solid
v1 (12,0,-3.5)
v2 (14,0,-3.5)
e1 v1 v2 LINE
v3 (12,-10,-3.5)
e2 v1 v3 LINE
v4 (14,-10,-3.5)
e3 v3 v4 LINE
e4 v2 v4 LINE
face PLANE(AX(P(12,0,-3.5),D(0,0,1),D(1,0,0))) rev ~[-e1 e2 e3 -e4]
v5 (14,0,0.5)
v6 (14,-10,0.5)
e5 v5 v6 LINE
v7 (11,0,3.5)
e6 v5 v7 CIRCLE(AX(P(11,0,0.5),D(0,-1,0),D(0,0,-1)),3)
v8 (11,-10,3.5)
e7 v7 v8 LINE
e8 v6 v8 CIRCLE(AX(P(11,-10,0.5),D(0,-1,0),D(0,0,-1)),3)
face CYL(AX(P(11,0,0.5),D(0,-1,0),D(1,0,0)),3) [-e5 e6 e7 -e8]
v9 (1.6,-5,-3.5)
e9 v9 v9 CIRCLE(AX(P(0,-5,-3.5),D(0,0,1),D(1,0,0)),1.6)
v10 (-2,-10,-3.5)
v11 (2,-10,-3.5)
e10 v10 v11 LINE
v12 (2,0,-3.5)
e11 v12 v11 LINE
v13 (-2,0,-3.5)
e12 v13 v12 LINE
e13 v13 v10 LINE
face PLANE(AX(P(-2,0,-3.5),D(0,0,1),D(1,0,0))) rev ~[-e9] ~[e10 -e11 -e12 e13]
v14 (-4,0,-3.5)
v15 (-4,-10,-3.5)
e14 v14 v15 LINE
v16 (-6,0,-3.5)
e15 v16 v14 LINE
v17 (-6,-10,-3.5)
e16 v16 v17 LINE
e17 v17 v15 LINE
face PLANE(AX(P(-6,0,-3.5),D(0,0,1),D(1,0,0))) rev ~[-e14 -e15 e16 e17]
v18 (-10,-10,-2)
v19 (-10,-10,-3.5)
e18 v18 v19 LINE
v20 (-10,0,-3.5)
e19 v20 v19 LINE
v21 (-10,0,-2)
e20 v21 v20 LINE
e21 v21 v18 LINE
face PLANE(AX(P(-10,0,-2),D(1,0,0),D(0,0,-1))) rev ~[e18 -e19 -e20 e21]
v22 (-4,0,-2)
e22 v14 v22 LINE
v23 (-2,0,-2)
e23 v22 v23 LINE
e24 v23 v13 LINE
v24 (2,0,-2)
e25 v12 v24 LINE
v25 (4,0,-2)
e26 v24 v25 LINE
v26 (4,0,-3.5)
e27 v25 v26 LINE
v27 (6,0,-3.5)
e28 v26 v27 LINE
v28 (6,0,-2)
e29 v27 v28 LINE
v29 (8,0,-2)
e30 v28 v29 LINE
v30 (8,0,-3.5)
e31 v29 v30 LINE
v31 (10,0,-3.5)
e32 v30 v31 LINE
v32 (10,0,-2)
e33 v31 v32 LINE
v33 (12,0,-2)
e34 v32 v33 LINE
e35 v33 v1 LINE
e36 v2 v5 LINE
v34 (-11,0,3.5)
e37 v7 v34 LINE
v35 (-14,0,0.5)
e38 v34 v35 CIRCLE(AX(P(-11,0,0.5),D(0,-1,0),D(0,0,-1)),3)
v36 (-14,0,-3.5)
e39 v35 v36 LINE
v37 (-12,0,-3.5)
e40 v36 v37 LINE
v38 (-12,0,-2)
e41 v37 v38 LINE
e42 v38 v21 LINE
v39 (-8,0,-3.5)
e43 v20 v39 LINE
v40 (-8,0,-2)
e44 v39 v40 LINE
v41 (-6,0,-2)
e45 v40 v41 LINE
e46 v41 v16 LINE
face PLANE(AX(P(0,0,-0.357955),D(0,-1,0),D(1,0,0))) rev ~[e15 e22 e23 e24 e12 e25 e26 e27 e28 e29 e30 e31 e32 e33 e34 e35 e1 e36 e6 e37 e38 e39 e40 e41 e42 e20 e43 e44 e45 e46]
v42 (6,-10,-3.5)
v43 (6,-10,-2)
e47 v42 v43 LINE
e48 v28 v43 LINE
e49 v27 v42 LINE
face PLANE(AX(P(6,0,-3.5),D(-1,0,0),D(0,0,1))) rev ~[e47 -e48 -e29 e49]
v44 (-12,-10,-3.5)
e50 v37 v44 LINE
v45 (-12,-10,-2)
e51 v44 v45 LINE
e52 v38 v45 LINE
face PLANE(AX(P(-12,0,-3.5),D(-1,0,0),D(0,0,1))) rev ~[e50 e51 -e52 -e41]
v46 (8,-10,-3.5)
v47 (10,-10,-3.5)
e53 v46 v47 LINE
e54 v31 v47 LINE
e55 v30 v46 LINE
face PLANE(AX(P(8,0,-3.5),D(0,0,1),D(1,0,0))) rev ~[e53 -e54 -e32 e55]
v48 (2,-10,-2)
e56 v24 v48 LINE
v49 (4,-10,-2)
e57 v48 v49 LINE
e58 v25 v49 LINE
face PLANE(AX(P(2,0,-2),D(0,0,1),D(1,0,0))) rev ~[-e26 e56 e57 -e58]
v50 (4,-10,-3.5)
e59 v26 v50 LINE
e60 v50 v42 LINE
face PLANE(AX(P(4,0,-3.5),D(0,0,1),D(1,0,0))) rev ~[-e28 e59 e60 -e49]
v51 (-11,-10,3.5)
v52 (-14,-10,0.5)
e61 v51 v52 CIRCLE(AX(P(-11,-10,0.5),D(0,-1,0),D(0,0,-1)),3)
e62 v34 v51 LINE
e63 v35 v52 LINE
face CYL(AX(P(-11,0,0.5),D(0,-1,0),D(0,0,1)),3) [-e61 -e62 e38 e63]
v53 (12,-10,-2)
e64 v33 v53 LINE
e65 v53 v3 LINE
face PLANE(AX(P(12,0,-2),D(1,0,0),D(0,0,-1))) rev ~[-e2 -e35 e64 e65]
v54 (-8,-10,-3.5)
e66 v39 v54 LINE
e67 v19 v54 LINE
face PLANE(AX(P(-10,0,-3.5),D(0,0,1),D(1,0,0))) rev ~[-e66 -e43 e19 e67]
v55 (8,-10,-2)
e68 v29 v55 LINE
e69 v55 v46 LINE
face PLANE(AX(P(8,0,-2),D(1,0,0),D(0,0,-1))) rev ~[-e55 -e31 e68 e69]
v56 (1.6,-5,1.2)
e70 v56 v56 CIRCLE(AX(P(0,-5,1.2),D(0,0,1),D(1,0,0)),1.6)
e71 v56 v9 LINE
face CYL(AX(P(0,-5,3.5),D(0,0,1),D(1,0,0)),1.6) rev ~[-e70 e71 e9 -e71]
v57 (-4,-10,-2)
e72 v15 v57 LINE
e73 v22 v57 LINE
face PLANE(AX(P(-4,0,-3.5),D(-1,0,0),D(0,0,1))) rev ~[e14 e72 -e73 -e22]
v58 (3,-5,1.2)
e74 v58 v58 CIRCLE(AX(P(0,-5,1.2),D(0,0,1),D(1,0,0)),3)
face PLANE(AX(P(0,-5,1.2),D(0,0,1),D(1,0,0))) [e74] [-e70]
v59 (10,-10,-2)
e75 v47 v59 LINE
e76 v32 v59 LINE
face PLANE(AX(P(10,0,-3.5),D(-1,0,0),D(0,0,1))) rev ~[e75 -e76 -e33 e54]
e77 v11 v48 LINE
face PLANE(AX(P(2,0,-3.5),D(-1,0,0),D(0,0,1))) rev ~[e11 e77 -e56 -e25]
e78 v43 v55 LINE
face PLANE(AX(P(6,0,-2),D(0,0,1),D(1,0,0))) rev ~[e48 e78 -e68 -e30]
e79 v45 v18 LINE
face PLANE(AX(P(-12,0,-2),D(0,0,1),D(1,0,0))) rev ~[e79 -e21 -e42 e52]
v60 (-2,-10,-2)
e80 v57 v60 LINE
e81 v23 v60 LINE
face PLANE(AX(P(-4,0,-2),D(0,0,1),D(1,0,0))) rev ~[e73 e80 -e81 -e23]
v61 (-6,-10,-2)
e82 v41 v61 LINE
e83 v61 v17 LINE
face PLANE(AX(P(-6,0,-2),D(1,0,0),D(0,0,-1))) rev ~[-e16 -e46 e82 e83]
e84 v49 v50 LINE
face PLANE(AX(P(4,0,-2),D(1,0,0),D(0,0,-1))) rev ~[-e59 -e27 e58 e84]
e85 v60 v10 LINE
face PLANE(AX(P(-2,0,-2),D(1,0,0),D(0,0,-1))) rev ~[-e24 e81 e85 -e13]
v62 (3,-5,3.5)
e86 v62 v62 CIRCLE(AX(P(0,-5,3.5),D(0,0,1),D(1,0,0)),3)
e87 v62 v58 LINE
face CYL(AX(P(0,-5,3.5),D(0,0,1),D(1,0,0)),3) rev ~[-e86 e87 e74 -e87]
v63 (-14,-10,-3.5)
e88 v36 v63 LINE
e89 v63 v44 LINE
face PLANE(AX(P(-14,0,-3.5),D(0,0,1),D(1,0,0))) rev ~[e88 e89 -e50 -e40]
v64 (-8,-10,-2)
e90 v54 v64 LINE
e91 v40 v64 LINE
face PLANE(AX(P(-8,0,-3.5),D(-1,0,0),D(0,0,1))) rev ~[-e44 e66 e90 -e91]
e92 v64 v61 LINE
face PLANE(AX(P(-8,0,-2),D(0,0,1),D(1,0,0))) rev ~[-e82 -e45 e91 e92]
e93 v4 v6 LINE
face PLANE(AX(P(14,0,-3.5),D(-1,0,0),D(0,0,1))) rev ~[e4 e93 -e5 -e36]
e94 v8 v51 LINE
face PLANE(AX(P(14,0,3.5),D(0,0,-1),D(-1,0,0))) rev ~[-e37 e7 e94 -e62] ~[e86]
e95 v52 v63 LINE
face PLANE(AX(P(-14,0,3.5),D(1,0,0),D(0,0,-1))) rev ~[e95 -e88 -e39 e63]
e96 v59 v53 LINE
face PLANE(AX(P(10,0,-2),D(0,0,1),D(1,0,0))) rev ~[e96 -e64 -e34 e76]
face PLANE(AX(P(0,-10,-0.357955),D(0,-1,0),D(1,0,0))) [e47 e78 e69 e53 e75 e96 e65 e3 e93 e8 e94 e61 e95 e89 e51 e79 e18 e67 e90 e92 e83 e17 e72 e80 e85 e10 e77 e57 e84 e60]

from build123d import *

# Parameters (mm, degrees)
F1_DEPTH = 10
F2_R     = 1.6
F3_DEPTH = 25
F2_R_2   = 3
F4_DEPTH = 2.3
F5_R     = 3


with BuildPart() as f1:
    # F0 (on Front) → F1 (new body)
    with BuildSketch(Plane.XZ):
        Polygon((12, -3.5), (14, -3.5), (14, 3.5), (-14, 3.5), (-14, -3.5), (-12, -3.5), (-12, -2), (-10, -2), (-10, -3.5), (-8, -3.5), (-8, -2), (-6, -2), (-6, -3.5), (-4, -3.5), (-4, -2), (-2, -2), (-2, -3.5), (2, -3.5), (2, -2), (4, -2), (4, -3.5), (6, -3.5), (6, -2), (8, -2), (8, -3.5), (10, -3.5), (10, -2), (12, -2), align=None)
    extrude(amount=F1_DEPTH)

    # F2 (on face) → F3 (cut)
    with BuildSketch(Plane.XY.offset(3.5)):
        with Locations((0, -5)):
            Circle(F2_R)
    extrude(amount=-F3_DEPTH, mode=Mode.SUBTRACT)

    # F2 (on face) → F4 (cut)
    with BuildSketch(Plane.XY.offset(3.5)):
        with Locations((0, -5)):
            Circle(F2_R_2)
        with Locations((0, -5)):
            Circle(F2_R, mode=Mode.SUBTRACT)
    extrude(amount=-F4_DEPTH, mode=Mode.SUBTRACT)

    # F5
    f5_edges = [f1.edges().sort_by_distance(p)[0] for p in [
        (-14, -5, 3.5),
        (14, -5, 3.5),
    ]]
    fillet(f5_edges, radius=F5_R)


solid = f1.part
